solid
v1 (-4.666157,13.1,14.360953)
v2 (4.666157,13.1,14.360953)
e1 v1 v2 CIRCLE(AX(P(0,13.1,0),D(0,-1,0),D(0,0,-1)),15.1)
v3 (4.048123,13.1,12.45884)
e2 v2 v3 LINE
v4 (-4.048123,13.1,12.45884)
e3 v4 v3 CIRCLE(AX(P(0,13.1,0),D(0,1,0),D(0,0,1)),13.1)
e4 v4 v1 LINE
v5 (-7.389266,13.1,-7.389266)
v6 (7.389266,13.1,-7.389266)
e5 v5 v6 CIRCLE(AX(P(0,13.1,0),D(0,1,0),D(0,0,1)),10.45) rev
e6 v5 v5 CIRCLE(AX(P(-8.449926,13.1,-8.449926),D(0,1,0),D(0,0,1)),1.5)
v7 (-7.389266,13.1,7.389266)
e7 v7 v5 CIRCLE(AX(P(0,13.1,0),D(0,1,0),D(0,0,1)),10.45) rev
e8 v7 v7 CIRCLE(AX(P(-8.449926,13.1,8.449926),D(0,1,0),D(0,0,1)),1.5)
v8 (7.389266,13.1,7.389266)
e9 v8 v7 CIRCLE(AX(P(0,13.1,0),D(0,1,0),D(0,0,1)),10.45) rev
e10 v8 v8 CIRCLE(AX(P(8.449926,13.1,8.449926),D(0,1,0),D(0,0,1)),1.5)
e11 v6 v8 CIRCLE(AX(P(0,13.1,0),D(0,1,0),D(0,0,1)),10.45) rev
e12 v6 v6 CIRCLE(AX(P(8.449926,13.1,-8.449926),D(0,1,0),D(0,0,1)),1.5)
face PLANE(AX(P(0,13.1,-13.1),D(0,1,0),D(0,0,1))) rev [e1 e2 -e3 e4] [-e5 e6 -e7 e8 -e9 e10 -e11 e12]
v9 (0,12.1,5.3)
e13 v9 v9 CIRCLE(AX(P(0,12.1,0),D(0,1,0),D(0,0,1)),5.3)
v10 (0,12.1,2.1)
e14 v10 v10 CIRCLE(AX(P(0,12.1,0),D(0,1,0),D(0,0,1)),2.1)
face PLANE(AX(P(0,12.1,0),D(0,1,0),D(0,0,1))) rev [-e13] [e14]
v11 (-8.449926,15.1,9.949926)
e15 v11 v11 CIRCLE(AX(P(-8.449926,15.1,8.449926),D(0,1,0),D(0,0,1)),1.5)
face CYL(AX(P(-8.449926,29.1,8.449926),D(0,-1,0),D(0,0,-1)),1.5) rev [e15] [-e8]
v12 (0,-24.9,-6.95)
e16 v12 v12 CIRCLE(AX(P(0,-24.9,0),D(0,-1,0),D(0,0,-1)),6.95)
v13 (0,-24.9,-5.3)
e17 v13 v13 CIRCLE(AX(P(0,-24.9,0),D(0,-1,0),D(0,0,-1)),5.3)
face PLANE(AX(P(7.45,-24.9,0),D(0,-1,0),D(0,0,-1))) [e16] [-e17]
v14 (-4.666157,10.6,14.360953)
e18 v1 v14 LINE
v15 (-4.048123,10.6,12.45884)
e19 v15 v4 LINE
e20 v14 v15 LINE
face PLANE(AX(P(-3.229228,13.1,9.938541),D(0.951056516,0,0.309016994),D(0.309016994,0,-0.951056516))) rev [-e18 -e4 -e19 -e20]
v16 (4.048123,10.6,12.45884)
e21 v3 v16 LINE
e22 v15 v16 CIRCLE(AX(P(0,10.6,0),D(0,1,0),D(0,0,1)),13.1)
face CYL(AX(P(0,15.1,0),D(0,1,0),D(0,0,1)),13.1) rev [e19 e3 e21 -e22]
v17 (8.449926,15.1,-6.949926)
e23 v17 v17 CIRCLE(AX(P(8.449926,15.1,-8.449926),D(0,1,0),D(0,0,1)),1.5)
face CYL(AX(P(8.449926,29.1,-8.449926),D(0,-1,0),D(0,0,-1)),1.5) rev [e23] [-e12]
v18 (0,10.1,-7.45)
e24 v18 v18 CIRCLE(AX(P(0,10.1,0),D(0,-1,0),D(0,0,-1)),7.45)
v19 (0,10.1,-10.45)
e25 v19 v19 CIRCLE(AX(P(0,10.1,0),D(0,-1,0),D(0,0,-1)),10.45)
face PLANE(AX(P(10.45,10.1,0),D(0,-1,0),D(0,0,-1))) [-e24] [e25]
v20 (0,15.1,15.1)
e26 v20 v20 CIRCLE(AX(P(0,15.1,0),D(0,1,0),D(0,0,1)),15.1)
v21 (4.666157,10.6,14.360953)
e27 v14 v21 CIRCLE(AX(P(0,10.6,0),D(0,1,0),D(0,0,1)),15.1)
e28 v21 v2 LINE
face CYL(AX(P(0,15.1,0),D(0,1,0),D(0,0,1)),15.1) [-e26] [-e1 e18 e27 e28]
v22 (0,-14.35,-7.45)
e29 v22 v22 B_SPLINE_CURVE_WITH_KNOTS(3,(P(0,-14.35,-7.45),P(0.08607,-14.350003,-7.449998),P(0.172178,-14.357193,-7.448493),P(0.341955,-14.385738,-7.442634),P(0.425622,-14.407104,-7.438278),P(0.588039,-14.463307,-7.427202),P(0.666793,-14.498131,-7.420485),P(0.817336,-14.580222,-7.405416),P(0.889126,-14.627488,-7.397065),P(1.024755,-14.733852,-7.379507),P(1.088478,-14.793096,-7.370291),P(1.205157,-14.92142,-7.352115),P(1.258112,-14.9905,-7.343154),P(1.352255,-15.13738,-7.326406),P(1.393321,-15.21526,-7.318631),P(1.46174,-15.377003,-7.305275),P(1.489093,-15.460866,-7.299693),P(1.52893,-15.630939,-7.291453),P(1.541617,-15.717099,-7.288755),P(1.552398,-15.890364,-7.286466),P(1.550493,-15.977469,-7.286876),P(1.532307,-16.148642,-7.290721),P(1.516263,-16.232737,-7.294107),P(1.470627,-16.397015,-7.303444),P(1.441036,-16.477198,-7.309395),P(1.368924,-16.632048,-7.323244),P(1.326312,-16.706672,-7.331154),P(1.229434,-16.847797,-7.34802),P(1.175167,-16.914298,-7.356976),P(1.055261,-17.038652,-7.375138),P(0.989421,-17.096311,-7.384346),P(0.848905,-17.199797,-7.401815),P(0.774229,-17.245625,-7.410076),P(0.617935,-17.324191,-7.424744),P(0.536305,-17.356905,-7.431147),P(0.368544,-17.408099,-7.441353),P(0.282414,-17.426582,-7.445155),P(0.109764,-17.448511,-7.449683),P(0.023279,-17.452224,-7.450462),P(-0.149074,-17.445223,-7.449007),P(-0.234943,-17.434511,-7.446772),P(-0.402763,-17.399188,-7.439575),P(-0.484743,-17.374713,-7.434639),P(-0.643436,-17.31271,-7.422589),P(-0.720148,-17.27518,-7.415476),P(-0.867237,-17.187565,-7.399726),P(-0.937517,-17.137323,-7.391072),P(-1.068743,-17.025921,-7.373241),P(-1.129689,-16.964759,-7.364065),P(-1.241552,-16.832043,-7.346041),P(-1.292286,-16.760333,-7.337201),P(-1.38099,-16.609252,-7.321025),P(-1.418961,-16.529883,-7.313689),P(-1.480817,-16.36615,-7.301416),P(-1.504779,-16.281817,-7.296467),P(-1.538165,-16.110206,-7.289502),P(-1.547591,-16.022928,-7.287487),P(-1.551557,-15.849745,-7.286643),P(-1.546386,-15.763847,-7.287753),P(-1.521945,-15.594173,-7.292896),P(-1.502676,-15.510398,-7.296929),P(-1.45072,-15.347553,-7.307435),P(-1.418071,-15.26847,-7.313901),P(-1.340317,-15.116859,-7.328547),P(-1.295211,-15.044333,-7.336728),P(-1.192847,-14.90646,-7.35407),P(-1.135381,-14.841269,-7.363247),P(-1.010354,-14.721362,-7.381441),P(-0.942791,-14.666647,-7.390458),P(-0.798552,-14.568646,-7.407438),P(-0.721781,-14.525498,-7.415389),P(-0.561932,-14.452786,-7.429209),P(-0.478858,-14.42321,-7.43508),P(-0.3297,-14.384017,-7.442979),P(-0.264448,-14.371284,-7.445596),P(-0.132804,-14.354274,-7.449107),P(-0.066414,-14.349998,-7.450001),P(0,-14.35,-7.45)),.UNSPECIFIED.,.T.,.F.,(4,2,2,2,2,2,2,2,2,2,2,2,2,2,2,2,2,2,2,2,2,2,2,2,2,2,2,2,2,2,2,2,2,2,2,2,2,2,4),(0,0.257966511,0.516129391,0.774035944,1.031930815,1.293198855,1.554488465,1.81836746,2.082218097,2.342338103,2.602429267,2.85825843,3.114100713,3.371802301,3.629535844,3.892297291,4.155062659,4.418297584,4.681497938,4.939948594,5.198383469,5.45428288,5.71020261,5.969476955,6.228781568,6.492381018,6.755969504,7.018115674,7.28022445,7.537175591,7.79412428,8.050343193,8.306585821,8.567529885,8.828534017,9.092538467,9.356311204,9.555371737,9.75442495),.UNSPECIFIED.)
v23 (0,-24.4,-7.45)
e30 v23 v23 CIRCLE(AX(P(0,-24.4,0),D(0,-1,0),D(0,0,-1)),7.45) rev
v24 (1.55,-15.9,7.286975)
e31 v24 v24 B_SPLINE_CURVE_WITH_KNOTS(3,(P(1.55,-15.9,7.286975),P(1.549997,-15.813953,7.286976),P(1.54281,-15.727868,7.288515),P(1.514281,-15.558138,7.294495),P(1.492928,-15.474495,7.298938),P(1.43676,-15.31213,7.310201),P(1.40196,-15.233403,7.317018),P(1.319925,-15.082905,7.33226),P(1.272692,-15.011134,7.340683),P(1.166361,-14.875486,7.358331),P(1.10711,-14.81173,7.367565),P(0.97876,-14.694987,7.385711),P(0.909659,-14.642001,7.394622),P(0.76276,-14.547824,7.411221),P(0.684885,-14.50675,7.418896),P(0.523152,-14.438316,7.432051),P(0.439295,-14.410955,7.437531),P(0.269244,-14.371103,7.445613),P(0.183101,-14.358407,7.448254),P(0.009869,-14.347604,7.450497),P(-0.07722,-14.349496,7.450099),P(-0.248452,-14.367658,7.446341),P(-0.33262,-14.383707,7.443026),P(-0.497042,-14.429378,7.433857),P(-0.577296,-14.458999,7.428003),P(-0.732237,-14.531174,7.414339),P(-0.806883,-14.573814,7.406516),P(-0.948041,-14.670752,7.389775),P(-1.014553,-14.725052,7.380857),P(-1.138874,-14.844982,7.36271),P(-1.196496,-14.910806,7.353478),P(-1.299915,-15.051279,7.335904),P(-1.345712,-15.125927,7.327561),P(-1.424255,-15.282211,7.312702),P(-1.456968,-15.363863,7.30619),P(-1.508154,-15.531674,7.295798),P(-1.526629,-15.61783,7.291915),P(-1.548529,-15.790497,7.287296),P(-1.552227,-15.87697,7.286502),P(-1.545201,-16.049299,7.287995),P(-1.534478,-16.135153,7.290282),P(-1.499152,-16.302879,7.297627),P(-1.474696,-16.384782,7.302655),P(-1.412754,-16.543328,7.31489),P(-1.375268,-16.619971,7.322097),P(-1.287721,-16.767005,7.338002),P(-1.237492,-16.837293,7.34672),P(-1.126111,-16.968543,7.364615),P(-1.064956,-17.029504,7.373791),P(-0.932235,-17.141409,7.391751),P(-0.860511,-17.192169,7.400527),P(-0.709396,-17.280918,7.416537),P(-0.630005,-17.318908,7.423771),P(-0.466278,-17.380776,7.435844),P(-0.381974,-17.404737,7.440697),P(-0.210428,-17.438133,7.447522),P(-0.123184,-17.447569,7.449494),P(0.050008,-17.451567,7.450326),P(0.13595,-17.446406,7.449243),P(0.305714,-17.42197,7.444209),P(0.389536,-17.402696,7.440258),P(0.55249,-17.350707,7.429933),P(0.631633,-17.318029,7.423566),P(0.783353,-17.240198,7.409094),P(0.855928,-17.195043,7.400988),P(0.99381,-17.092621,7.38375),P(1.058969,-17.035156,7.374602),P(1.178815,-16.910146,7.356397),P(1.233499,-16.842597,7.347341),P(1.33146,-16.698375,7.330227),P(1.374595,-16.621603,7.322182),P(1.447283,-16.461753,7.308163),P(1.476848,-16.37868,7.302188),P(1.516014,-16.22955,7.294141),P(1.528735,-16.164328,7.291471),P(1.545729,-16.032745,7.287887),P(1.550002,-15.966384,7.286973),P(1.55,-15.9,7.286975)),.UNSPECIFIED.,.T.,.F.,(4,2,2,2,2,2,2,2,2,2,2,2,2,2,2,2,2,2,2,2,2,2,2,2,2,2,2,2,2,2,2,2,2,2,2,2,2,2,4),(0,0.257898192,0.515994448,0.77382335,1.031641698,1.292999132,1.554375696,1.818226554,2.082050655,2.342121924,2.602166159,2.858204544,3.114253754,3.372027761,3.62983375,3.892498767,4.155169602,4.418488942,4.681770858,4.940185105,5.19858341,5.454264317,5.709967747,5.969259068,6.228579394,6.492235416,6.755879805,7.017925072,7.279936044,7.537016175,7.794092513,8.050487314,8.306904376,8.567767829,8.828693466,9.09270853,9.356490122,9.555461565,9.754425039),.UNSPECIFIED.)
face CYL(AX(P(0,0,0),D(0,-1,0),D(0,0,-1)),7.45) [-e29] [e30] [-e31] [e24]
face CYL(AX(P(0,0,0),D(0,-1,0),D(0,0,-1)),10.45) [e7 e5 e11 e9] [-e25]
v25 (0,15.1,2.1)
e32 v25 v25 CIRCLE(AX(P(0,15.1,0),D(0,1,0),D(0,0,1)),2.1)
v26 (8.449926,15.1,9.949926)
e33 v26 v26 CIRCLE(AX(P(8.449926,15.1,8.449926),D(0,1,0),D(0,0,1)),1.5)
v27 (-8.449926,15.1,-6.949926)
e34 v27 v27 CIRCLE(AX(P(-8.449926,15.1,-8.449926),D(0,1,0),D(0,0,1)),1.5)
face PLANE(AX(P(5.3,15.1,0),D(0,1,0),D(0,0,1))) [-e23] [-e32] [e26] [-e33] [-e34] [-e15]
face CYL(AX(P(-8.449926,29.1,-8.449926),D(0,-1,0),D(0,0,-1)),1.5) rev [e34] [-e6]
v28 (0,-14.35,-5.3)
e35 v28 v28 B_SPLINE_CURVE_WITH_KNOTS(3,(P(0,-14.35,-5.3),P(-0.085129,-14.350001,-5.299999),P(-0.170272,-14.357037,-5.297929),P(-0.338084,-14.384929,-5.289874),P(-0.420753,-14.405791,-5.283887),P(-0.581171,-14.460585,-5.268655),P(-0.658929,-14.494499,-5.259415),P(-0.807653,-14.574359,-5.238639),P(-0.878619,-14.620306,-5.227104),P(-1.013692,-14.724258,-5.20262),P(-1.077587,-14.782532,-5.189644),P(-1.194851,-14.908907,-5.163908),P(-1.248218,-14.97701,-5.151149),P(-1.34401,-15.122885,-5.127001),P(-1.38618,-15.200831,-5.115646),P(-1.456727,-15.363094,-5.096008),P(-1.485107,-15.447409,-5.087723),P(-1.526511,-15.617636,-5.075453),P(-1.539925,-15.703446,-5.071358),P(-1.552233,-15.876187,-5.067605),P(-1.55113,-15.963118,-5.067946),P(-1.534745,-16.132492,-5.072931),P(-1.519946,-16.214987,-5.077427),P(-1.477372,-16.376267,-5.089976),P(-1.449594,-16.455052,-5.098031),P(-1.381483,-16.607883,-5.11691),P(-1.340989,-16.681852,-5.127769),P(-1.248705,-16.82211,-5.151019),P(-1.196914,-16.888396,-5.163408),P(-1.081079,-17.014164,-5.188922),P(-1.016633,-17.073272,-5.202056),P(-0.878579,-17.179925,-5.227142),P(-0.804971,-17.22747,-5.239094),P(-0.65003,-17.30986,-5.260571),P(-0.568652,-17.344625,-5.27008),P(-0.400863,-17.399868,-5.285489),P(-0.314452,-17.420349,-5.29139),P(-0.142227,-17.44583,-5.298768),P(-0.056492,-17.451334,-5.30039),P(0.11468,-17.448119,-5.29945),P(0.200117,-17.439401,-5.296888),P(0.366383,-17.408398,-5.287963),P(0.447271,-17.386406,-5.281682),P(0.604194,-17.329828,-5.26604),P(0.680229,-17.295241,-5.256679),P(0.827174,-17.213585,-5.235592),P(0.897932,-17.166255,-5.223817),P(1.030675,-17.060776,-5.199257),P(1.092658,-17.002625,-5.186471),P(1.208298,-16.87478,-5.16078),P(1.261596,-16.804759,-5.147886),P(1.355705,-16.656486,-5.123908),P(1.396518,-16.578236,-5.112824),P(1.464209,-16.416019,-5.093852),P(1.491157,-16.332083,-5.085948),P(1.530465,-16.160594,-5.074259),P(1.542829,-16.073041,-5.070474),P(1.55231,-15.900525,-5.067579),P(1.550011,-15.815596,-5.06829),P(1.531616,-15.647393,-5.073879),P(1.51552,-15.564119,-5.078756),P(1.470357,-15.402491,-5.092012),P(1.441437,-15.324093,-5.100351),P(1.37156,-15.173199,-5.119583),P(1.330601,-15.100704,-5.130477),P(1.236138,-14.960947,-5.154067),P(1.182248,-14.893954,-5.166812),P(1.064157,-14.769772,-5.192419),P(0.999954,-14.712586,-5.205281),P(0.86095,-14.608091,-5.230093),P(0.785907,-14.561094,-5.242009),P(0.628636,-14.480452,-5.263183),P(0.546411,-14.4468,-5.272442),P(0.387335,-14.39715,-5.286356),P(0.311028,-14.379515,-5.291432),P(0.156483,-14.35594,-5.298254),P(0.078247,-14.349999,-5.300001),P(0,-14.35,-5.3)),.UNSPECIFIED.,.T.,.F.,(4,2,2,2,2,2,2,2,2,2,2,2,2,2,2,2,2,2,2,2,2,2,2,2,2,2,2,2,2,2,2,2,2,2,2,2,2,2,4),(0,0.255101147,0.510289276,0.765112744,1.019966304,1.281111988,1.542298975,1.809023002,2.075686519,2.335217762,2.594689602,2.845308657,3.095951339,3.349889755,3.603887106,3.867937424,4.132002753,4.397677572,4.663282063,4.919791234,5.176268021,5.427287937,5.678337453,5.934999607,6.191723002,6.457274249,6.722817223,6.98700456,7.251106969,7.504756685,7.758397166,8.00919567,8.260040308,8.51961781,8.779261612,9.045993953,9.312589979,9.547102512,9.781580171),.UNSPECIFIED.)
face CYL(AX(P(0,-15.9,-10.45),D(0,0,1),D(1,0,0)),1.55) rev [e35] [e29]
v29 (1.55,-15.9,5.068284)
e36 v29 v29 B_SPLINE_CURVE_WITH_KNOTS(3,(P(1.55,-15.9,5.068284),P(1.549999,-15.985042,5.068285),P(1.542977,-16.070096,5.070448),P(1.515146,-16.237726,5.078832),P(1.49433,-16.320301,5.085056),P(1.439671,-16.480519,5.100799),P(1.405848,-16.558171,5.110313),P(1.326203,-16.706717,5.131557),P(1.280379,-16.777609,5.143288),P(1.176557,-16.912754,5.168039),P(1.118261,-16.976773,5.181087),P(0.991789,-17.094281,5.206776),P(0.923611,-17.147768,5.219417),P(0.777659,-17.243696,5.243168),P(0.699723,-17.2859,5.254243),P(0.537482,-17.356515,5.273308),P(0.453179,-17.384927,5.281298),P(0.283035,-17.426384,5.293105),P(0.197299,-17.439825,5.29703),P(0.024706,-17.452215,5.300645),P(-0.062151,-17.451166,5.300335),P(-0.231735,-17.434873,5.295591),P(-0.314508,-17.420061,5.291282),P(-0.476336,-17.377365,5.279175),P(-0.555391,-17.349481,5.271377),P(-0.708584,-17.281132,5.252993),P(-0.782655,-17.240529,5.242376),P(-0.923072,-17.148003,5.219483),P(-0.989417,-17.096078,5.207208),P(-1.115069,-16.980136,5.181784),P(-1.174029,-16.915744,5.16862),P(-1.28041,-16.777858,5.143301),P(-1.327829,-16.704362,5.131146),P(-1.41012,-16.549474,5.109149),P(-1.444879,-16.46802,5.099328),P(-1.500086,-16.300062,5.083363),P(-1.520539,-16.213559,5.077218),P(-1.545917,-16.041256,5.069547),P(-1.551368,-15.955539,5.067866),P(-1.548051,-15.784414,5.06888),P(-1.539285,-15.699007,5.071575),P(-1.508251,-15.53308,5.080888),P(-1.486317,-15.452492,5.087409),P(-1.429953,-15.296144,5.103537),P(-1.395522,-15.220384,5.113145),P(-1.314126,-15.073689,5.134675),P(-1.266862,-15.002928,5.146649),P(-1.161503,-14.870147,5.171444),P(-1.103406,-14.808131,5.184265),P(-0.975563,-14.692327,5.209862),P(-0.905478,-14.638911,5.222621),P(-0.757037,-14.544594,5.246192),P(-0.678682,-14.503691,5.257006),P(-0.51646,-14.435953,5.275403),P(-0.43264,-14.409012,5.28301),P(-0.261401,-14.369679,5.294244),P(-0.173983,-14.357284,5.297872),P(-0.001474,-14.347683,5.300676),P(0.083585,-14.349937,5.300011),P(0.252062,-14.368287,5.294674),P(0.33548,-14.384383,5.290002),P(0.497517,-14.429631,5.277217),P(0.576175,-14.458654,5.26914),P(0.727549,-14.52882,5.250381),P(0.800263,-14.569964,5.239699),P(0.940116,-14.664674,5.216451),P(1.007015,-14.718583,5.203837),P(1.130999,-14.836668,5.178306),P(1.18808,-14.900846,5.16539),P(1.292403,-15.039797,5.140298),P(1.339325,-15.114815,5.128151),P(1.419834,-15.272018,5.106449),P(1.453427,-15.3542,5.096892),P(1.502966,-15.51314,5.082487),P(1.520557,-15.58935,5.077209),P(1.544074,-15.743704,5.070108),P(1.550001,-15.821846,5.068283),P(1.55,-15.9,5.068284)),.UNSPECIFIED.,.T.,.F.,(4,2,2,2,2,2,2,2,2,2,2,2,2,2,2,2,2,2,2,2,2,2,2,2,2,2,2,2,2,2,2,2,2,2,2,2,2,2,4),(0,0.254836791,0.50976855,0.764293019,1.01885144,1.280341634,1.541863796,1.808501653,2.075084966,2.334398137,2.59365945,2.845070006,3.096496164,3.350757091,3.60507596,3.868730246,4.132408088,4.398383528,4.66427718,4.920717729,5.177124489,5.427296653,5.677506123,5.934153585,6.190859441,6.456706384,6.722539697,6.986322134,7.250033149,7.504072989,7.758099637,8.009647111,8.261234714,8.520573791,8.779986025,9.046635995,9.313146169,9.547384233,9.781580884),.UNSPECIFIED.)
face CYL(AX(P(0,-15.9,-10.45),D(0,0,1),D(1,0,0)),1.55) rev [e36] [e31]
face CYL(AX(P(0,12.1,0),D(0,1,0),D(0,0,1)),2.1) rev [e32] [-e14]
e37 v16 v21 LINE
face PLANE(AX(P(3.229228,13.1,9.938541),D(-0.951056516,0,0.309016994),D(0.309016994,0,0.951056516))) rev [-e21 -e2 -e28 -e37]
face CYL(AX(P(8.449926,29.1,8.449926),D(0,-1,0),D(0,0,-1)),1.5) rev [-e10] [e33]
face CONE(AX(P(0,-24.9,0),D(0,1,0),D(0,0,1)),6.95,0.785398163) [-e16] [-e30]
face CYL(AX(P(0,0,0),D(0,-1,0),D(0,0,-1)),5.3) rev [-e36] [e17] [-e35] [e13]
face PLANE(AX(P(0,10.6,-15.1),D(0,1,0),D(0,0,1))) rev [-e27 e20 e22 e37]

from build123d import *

# Parameters (mm, degrees)
CUT_EXTRUDE_1_DEPTH      = 29.955396734
CUT_EXTRUDE_1_DEPTH_BACK = 29.955396734
SKETCH_2_R               = 1.55
CHAMFER_1_SIZE           = 0.5
SKETCH_4_R               = 5.3
SKETCH_4_R_2             = 2.1
EXTRUDE_1_DEPTH          = 3
SKETCH_5_R               = 1.5
CUT_EXTRUDE_2_DEPTH      = 19
CUT_EXTRUDE_3_DEPTH      = 38


with BuildPart() as part:
    # 草图1 → 旋转1 (revolve)
    with BuildSketch(Plane.XY, mode=Mode.PRIVATE) as revolve_1_sk:
        Polygon((5.3, -24.9), (5.3, 15.1), (10.45, 15.1), (10.45, 10.1), (7.45, 10.1), (7.45, -24.9), align=None)
    revolve(revolve_1_sk.sketch.rotate(Axis((0, 0, 0), (0, 1, 0)), 90), axis=Axis((0, 0, 0), (0, 1, 0)))

    # 草图2 → 切除-拉伸1 (cut, two sides: drawn at the far end of the back side and taken through both)
    with BuildSketch(Plane.XY.offset(-CUT_EXTRUDE_1_DEPTH_BACK)):
        with Locations((0, -15.9)):
            Circle(SKETCH_2_R)
    extrude(amount=CUT_EXTRUDE_1_DEPTH + CUT_EXTRUDE_1_DEPTH_BACK, mode=Mode.SUBTRACT)

    # 倒角1
    chamfer_1_edges = [part.edges().sort_by_distance(p)[0] for p in [
        (0, -24.9, 7.45),
    ]]
    chamfer(chamfer_1_edges, length=CHAMFER_1_SIZE)

    # 草图3 → 旋转2 (revolve)
    with BuildSketch(Plane(origin=(0, 0, 0), x_dir=(0, 0, -1), z_dir=(1, 0, 0)), mode=Mode.PRIVATE) as revolve_2_sk:
        Polygon((10.45, 15.1), (15.1, 15.1), (15.1, 10.6), (13.1, 10.6), (13.1, 13.1), (10.409558261, 13.1), (10.409558261, 15.1), align=None)
    revolve(revolve_2_sk.sketch.rotate(Axis((0, 0, 0), (0, -1, 0)), 180), axis=Axis((0, 0, 0), (0, -1, 0)))

    # 草图4 → 凸台-拉伸1 (add)
    with BuildSketch(Plane(origin=(0, 15.1, 0), x_dir=(1, 0, 0), z_dir=(0, 1, 0))):
        with Locations(Location((0, 0, 0), (0, 0, 90))):
            Circle(SKETCH_4_R)
        with Locations(Location((0, 0, 0), (0, 0, 270))):
            Circle(SKETCH_4_R_2, mode=Mode.SUBTRACT)
    extrude(amount=-EXTRUDE_1_DEPTH)

    # 草图5 → 切除-拉伸2 (cut)
    with BuildSketch(Plane.XZ.offset(-10.1)):
        with Locations(Location((-8.449926035, 8.449926035, 0), (0, 0, 315))):
            Circle(SKETCH_5_R)
        with Locations(Location((8.449926035, 8.449926035, 0), (0, 0, 225))):
            Circle(SKETCH_5_R)
        with Locations(Location((8.449926035, -8.449926035, 0), (0, 0, 272.799179687))):
            Circle(SKETCH_5_R)
        with Locations(Location((-8.449926035, -8.449926035, 0), (0, 0, 267.200820313))):
            Circle(SKETCH_5_R)
    extrude(amount=-CUT_EXTRUDE_2_DEPTH, mode=Mode.SUBTRACT)

    # 草图7 → 切除-拉伸3 (cut)
    with BuildSketch(Plane.XZ.offset(24.9)):
        with BuildLine():
            Line((-3.229227591, 9.938540595), (-5.325886772, 16.39139404))
            ThreePointArc((-5.325886772, 16.39139404), (0, -17.234931636), (5.325886772, 16.39139404))
            Line((5.325886772, 16.39139404), (3.229227591, 9.938540595))
            ThreePointArc((3.229227591, 9.938540595), (0, -10.45), (-3.229227591, 9.938540595))
        make_face()
    extrude(amount=-CUT_EXTRUDE_3_DEPTH, mode=Mode.SUBTRACT)


solid = part.part
